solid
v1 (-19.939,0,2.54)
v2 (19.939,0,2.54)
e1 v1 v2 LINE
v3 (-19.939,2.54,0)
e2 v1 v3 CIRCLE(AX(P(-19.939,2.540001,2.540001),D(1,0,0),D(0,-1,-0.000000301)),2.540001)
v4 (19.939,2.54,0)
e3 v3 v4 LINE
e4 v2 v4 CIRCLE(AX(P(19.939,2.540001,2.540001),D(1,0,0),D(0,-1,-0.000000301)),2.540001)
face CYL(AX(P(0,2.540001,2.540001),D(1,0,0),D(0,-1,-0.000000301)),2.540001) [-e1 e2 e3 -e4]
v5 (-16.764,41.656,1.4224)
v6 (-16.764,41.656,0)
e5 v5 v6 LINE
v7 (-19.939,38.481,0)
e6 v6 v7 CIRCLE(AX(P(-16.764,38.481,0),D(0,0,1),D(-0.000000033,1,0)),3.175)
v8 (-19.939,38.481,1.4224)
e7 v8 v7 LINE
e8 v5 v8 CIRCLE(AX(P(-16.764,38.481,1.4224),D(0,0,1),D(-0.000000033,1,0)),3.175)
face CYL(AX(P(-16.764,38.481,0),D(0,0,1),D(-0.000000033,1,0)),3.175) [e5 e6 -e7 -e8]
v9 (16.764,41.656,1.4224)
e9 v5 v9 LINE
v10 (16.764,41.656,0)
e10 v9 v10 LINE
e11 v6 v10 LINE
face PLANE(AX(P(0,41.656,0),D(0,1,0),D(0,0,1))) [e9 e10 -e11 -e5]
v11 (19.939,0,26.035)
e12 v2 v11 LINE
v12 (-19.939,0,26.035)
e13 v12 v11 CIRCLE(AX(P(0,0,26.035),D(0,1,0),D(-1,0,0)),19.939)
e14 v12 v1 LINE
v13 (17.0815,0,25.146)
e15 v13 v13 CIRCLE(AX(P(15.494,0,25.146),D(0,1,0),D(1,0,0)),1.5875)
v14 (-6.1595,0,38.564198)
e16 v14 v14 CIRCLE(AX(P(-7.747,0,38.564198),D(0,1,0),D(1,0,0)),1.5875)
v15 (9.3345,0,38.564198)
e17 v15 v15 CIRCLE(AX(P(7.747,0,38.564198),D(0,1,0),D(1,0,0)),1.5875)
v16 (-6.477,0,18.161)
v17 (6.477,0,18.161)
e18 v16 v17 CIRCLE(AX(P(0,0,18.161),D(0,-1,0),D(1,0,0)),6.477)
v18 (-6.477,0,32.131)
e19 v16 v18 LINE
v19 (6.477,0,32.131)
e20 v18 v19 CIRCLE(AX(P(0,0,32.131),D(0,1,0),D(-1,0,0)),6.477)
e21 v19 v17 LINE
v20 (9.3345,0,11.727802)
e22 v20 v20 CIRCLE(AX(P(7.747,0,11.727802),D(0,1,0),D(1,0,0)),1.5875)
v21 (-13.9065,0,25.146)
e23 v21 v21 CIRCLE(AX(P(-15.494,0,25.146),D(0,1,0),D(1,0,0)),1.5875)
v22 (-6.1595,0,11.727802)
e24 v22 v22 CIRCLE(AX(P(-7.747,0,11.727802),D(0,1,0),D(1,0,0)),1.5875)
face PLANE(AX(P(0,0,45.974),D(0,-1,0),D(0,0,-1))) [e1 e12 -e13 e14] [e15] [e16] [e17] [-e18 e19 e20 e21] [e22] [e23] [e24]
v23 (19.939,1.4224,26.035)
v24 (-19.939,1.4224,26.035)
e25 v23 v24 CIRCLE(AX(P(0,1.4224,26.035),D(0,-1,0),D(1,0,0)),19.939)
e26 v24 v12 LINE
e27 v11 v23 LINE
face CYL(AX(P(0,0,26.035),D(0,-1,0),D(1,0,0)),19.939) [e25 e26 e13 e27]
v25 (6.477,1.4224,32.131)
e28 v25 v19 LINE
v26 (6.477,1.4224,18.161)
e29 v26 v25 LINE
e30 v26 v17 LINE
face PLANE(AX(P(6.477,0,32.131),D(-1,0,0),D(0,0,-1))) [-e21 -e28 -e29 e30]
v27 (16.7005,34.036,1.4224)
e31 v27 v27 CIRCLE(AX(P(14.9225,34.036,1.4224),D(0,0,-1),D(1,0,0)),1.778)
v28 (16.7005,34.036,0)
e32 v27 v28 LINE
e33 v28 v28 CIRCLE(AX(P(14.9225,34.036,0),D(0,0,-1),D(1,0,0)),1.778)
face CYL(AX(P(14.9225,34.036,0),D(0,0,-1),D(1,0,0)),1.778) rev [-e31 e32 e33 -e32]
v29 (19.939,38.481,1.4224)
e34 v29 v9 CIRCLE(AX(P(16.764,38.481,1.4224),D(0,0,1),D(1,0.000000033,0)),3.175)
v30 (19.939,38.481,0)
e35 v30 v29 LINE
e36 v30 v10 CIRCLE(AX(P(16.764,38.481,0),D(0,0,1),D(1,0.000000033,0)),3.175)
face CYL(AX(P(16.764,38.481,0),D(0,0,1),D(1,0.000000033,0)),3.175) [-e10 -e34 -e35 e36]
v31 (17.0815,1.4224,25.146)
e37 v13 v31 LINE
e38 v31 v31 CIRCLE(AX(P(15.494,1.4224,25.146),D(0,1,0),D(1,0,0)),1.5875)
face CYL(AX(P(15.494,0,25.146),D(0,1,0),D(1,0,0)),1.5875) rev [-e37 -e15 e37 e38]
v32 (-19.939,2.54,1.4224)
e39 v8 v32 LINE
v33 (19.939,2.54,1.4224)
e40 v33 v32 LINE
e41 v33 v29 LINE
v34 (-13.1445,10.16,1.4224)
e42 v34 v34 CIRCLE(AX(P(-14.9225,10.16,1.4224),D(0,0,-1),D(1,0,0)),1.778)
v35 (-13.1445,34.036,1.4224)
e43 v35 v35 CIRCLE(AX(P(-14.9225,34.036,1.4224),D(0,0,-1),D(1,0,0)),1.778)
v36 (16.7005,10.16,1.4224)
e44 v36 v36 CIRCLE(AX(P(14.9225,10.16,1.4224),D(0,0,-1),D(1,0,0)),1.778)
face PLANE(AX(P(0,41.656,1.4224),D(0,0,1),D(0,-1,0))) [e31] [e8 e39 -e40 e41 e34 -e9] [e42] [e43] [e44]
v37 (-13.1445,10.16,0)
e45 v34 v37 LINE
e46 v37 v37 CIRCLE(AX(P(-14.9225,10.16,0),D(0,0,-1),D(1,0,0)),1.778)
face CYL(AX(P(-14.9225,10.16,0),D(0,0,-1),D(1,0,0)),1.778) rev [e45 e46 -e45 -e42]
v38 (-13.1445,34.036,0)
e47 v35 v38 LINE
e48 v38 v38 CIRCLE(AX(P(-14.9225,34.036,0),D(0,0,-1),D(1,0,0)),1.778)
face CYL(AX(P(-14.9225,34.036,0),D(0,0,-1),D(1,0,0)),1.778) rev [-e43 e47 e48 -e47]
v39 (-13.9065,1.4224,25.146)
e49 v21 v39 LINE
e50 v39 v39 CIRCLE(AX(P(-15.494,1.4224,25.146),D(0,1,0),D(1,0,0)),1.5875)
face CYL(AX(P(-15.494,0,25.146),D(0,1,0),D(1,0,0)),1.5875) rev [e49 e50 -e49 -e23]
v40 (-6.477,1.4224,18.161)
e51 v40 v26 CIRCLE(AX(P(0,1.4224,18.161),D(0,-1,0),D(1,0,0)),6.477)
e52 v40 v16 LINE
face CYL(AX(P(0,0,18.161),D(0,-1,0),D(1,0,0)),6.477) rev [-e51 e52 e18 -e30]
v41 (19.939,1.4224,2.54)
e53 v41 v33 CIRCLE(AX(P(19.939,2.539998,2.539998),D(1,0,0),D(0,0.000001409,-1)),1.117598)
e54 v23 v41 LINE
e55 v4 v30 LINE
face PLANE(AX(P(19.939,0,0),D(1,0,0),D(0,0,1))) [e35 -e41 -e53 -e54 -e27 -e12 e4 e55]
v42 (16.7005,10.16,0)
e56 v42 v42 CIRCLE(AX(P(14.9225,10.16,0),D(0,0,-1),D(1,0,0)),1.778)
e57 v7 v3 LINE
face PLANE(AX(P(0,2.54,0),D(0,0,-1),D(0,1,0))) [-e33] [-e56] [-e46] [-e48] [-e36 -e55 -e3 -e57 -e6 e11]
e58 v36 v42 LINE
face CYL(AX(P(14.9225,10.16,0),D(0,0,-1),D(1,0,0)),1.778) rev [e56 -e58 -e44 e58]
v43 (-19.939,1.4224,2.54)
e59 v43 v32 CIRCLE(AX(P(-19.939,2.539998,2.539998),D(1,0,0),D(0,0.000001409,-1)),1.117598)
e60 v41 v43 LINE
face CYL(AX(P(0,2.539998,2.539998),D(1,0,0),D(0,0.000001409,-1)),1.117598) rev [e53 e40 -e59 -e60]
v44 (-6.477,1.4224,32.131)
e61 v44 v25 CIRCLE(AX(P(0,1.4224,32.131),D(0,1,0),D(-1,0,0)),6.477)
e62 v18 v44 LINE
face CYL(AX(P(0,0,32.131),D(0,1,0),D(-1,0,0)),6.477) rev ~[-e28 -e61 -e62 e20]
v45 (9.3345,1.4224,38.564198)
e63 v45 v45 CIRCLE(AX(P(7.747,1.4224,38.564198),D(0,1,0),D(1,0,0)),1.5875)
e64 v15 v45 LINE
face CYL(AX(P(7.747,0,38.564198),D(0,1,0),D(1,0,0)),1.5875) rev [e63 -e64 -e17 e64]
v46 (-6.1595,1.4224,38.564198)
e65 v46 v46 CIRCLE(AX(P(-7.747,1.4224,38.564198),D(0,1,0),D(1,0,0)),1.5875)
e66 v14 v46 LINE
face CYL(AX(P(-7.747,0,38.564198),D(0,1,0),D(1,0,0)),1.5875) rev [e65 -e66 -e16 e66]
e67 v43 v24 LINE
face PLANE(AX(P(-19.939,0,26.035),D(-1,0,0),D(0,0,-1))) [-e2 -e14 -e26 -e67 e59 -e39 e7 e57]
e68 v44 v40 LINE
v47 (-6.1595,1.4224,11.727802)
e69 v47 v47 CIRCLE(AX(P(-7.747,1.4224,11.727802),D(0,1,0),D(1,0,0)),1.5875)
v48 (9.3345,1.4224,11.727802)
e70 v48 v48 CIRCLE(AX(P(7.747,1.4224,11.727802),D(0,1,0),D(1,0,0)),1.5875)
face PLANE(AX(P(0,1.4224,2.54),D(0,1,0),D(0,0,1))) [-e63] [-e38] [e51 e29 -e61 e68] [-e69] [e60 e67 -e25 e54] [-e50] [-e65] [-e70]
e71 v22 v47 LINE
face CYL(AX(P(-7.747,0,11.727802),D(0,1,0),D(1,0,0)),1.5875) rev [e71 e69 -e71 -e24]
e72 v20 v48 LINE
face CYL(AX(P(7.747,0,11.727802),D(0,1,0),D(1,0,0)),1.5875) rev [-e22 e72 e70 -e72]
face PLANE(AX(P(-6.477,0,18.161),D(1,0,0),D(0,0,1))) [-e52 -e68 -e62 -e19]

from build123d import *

# Parameters (mm, degrees)
F1_DEPTH = 1270
F2_R     = 1.5875
F3_DEPTH = 1270
F4_R     = 1.778
F5_DEPTH = 1270


with BuildPart() as f1:
    # F0 (on Right) → F1 (new body, symmetric)
    with BuildSketch(Plane.YZ):
        with BuildLine():
            Line((1.4224, 45.974), (0, 45.974))
            Line((0, 45.974), (0, 2.54))
            ThreePointArc((0, 2.54), (0.743949, 0.743949), (2.54, 0))
            Line((2.54, 0), (41.656, 0))
            Line((41.656, 0), (41.656, 1.4224))
            Line((41.656, 1.4224), (2.54, 1.4224))
            ThreePointArc((2.54, 1.4224), (1.749737, 1.749737), (1.4224, 2.54))
            Line((1.4224, 2.54), (1.4224, 45.974))
        make_face()
    extrude(amount=F1_DEPTH, both=True)

    # F2 (on Front) → F3 (intersect, symmetric)
    with BuildSketch(Plane.XZ):
        with BuildLine():
            ThreePointArc((19.939, 26.035), (0, 45.974), (-19.939, 26.035))
            Line((-19.939, 26.035), (-19.939, 0))
            Line((-19.939, 0), (19.939, 0))
            Line((19.939, 0), (19.939, 26.035))
        make_face()
        with Locations((-7.747, 11.727802)):
            Circle(F2_R, mode=Mode.SUBTRACT)
        with Locations((7.747, 11.727802)):
            Circle(F2_R, mode=Mode.SUBTRACT)
        with Locations((-15.494, 25.146)):
            Circle(F2_R, mode=Mode.SUBTRACT)
        with Locations((-7.747, 38.564198)):
            Circle(F2_R, mode=Mode.SUBTRACT)
        with BuildLine():
            Line((-6.477, 18.161), (-6.477, 32.131))
            ThreePointArc((-6.477, 32.131), (0, 38.608), (6.477, 32.131))
            Line((6.477, 32.131), (6.477, 18.161))
            ThreePointArc((6.477, 18.161), (0, 11.684), (-6.477, 18.161))
        make_face(mode=Mode.SUBTRACT)
        with Locations((15.494, 25.146)):
            Circle(F2_R, mode=Mode.SUBTRACT)
        with Locations((7.747, 38.564198)):
            Circle(F2_R, mode=Mode.SUBTRACT)
    extrude(amount=F3_DEPTH, both=True, mode=Mode.INTERSECT)

    # F4 (on Top) → F5 (intersect, symmetric)
    with BuildSketch(Plane.XY):
        with BuildLine():
            Line((-19.939, 38.481), (-19.939, 0))
            Line((-19.939, 0), (19.939, 0))
            Line((19.939, 0), (19.939, 38.481))
            ThreePointArc((19.939, 38.481), (19.009064, 40.726064), (16.764, 41.656))
            Line((16.764, 41.656), (-16.764, 41.656))
            ThreePointArc((-16.764, 41.656), (-19.009064, 40.726064), (-19.939, 38.481))
        make_face()
        with Locations((-14.9225, 10.16)):
            Circle(F4_R, mode=Mode.SUBTRACT)
        with Locations((14.9225, 10.16)):
            Circle(F4_R, mode=Mode.SUBTRACT)
        with Locations((-14.9225, 34.036)):
            Circle(F4_R, mode=Mode.SUBTRACT)
        with Locations((14.9225, 34.036)):
            Circle(F4_R, mode=Mode.SUBTRACT)
    extrude(amount=F5_DEPTH, both=True, mode=Mode.INTERSECT)


solid = f1.part
